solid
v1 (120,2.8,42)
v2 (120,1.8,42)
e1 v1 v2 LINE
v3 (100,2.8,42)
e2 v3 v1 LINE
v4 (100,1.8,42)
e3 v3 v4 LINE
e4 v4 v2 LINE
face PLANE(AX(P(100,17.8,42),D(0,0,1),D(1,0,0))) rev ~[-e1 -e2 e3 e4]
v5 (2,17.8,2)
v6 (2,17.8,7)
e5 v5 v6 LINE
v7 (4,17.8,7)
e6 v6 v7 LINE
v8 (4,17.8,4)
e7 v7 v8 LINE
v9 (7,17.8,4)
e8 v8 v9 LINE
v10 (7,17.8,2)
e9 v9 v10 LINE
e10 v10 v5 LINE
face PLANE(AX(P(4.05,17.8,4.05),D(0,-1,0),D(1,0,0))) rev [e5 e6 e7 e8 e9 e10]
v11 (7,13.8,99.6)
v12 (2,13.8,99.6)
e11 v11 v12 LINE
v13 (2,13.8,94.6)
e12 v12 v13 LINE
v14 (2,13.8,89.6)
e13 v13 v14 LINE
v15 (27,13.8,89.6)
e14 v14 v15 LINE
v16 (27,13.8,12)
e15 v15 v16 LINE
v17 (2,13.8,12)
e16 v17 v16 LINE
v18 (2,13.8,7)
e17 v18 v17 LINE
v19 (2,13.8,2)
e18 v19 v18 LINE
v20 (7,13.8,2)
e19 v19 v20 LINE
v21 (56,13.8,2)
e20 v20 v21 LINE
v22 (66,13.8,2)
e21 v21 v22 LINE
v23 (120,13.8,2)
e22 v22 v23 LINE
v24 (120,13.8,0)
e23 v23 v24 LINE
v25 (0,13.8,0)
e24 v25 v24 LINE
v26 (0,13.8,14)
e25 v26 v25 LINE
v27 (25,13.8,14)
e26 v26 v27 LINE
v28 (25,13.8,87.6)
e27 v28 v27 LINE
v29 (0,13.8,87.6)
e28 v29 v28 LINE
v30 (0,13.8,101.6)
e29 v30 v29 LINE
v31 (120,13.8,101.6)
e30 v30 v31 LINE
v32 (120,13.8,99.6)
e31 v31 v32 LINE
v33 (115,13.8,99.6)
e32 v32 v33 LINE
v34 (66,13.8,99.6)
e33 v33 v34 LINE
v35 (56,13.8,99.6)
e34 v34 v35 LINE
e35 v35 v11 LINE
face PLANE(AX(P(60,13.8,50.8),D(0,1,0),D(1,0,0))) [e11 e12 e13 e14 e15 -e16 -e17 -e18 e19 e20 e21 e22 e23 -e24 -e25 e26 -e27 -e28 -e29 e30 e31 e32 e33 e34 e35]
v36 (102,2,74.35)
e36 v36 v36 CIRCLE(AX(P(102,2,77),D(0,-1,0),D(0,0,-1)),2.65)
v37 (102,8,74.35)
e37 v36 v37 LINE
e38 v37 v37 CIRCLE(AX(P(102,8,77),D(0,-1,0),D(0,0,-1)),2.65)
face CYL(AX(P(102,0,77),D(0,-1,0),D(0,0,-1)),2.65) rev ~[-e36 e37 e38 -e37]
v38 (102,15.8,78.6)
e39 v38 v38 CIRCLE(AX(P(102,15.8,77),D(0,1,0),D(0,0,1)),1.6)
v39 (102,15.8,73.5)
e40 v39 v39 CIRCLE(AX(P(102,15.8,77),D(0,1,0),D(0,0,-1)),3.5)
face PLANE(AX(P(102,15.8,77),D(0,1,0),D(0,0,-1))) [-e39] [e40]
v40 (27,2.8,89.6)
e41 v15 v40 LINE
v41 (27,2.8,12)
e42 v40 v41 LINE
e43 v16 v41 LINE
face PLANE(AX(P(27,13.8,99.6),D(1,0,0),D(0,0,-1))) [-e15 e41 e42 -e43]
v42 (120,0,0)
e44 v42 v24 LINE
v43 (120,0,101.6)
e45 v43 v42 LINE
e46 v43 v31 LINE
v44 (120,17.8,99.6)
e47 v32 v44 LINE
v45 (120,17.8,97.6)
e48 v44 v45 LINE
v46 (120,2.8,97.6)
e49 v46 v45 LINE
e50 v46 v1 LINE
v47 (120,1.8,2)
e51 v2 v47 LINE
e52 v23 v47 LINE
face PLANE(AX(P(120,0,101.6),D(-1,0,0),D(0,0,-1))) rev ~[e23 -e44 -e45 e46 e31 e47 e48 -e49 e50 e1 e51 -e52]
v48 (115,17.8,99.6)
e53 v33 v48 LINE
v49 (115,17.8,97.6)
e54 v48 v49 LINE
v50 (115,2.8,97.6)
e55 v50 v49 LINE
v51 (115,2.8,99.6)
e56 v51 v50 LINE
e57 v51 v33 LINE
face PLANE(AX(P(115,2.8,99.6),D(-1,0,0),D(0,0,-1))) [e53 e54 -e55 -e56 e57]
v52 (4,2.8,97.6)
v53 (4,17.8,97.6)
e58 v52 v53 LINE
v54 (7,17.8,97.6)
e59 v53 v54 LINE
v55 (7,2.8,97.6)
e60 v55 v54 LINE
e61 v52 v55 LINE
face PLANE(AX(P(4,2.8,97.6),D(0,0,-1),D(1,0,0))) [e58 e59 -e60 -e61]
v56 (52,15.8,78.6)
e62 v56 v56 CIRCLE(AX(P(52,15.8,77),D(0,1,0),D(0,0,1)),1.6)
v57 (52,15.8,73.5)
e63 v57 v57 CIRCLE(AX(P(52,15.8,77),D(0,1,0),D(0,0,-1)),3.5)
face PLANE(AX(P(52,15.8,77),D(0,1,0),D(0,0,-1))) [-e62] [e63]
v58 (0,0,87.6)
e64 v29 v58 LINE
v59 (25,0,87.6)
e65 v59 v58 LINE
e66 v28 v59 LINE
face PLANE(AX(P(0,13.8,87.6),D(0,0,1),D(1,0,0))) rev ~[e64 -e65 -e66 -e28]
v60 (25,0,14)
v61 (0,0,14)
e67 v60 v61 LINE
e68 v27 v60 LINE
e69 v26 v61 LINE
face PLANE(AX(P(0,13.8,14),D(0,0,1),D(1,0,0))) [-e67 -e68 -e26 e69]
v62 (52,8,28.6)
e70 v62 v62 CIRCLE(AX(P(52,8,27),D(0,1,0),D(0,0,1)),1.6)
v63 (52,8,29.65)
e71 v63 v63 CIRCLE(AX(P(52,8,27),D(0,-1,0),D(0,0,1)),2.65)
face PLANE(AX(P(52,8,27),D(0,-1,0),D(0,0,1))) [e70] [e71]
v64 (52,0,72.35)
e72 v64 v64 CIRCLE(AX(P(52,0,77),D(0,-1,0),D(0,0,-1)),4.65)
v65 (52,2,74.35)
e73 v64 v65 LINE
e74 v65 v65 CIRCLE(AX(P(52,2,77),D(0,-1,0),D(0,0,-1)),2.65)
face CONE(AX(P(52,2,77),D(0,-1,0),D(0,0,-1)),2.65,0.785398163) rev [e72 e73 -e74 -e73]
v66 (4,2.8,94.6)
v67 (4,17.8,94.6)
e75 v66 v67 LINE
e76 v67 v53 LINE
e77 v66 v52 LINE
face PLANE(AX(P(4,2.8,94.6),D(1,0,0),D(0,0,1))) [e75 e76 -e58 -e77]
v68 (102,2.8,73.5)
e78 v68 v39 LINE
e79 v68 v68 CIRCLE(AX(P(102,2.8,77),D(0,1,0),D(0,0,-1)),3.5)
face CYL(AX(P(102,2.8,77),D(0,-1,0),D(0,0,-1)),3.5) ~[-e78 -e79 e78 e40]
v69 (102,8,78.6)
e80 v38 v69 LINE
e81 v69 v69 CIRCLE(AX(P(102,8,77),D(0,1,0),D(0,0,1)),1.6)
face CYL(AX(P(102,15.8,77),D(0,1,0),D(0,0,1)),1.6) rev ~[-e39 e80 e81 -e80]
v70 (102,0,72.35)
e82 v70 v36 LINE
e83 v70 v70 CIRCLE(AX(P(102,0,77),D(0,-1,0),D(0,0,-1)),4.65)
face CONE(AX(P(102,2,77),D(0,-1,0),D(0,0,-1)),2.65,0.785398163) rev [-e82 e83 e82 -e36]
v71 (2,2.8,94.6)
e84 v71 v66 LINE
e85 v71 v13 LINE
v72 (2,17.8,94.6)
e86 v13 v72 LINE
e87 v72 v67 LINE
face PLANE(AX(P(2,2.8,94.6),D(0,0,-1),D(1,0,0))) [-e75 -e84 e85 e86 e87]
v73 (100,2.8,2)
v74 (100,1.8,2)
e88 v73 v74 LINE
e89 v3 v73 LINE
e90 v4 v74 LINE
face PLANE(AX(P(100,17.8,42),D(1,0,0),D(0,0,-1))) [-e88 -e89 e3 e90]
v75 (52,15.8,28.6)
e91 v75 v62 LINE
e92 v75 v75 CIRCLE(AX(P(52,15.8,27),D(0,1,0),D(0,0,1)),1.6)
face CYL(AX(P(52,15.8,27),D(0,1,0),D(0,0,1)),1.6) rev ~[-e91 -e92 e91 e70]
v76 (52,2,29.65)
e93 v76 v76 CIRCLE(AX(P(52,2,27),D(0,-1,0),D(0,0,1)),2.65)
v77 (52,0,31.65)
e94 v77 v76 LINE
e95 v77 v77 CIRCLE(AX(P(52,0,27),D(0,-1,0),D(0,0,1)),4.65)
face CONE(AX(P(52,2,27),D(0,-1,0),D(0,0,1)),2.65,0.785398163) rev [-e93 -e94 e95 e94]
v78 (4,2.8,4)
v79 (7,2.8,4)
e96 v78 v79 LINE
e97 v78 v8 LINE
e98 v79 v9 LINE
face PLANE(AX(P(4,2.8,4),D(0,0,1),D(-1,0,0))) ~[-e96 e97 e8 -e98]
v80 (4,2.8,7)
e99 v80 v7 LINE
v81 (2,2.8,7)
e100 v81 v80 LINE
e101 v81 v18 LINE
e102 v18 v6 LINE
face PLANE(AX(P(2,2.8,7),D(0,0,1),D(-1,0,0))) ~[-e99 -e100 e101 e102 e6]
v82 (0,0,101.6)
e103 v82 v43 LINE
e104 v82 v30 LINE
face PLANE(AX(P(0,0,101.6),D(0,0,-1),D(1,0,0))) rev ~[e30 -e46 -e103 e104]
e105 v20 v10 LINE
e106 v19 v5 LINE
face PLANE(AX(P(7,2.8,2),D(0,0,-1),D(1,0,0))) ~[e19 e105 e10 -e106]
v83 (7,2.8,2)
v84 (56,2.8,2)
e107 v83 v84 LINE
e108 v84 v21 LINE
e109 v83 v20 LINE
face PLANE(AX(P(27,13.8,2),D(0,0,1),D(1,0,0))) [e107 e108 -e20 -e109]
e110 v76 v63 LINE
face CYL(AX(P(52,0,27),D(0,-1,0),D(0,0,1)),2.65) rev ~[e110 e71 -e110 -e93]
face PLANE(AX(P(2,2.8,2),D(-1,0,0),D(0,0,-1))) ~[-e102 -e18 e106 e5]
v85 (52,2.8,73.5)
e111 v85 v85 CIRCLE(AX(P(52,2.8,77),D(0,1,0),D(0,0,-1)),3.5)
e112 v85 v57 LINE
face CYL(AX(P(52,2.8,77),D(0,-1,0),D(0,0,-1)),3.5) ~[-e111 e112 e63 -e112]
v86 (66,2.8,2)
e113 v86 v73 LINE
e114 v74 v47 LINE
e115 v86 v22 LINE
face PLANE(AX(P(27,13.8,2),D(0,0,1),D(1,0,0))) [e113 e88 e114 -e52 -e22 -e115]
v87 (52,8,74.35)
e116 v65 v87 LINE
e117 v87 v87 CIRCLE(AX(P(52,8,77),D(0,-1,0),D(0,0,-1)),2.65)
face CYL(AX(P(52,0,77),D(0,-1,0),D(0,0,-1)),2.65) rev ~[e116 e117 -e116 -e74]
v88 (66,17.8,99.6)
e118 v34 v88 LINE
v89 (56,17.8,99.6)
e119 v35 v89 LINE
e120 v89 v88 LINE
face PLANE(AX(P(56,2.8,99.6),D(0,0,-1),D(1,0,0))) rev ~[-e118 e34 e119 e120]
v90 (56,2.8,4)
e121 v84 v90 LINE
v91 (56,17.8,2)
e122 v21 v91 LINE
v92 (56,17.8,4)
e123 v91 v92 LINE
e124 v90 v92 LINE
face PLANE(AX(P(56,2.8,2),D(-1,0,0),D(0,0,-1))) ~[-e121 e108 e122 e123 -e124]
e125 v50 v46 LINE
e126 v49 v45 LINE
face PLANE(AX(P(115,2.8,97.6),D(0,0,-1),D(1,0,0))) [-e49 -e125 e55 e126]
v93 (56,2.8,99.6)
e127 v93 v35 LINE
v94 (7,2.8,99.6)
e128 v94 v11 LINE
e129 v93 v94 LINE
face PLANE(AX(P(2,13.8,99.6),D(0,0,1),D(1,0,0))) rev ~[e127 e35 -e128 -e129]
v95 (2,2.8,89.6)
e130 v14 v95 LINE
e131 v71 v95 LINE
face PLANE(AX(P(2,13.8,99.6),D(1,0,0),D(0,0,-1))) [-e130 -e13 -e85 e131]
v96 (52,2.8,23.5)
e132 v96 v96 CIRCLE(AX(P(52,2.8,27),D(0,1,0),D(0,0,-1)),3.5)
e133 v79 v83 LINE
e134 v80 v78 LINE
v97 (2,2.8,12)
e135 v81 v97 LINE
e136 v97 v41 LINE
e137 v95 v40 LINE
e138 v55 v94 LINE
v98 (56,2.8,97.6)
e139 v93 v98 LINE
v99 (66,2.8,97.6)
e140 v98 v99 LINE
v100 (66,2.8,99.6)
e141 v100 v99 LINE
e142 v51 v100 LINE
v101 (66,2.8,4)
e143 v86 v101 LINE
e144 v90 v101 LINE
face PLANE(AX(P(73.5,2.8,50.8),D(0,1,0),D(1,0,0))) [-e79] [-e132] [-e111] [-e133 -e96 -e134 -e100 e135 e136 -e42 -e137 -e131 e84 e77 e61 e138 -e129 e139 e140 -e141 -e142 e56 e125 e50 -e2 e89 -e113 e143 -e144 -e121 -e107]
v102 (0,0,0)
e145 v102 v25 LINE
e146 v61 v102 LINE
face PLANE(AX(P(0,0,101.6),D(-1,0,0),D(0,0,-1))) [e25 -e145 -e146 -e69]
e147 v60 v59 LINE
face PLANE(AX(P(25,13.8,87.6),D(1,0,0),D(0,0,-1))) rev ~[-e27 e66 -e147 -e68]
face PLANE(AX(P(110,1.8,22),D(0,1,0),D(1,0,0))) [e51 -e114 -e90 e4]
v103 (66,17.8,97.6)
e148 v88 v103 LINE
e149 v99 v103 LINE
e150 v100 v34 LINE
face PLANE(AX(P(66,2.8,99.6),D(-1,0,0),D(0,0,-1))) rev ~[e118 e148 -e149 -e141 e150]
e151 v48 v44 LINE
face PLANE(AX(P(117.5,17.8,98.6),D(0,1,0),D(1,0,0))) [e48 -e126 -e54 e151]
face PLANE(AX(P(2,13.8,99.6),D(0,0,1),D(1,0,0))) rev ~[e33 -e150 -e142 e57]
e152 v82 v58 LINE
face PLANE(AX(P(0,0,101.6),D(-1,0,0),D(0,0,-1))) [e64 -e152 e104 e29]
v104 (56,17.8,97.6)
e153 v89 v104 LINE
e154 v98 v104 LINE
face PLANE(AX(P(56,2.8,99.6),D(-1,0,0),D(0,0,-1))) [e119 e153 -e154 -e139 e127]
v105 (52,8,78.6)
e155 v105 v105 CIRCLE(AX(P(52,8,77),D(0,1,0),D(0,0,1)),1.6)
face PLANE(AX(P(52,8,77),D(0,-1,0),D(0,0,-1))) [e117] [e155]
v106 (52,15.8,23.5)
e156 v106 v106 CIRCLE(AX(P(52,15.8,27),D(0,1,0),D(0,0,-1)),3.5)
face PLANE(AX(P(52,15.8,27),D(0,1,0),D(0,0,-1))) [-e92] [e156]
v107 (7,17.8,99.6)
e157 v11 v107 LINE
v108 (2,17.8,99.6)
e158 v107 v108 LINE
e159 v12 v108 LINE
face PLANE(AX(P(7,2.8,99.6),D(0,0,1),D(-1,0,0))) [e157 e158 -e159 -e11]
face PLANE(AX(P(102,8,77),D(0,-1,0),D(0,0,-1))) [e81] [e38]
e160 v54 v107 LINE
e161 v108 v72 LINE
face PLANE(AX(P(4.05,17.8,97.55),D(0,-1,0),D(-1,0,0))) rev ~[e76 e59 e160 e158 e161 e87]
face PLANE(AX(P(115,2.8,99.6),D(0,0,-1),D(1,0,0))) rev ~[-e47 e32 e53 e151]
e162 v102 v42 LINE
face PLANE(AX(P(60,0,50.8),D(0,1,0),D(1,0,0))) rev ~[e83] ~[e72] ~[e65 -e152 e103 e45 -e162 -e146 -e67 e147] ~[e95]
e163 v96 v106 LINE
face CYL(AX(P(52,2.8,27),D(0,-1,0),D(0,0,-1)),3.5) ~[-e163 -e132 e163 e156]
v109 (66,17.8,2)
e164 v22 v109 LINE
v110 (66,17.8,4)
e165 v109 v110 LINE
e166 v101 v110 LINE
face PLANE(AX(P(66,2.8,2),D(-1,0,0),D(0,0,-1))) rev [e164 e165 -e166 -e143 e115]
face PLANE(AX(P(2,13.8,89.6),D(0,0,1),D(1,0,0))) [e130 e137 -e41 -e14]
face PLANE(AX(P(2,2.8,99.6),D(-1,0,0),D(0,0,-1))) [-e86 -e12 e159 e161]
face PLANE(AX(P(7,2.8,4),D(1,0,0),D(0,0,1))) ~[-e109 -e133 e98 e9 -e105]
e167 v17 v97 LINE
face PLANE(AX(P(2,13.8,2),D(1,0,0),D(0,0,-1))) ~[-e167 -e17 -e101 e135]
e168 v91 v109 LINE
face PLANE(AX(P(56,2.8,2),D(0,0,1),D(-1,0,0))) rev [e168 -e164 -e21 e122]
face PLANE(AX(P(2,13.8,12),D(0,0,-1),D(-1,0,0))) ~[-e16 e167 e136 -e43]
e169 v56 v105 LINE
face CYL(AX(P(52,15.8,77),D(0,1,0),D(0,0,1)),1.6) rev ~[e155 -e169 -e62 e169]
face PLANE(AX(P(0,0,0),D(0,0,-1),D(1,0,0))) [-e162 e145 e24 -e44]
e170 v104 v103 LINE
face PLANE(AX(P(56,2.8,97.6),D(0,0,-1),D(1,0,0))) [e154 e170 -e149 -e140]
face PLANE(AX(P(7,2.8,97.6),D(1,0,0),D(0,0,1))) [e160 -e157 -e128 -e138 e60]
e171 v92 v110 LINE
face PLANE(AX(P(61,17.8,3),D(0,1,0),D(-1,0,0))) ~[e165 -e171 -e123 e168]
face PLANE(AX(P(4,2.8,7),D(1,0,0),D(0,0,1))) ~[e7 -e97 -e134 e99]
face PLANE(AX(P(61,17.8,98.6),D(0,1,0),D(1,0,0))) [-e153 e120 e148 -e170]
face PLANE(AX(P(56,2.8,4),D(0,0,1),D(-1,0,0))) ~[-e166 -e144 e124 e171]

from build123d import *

# Parameters (mm, degrees)
SKETCH_1_W           = 120
SKETCH_1_H           = 101.6
EXTRUDE_1_DEPTH      = 13.8
CUT_EXTRUDE_1_REACH  = 159.839
SKETCH_2_W           = 25
SKETCH_2_H           = 73.6
SKETCH_4_W           = 93
SKETCH_4_H           = 97.6
CUT_EXTRUDE_2_DEPTH  = 11
SKETCH_6_W           = 25
SKETCH_6_H           = 10
CUT_EXTRUDE_3_DEPTH  = 11
SKETCH_7_W           = 5
SKETCH_7_H           = 2
SKETCH_7_W_2         = 10
EXTRUDE_2_DEPTH      = 15
SKETCH_14_W          = 20
SKETCH_14_H          = 40
CUT_EXTRUDE_9_DEPTH  = 16
SKETCH_15_R          = 3.5
EXTRUDE_3_DEPTH      = 13
CUT_EXTRUDE_10_REACH = 160.026
SKETCH_16_R          = 1.6
SKETCH_17_R          = 2.65
CUT_EXTRUDE_11_DEPTH = 8
CHAMFER_1_SIZE       = 2


with BuildPart() as part:
    # 草图1 → 凸台-拉伸1 (new body)
    with BuildSketch(Plane(origin=(0, 0, 0), x_dir=(1, 0, 0), z_dir=(0, 1, 0))):
        with Locations((60, -50.8)):
            Rectangle(SKETCH_1_W, SKETCH_1_H)
    extrude(amount=EXTRUDE_1_DEPTH)

    # 草图2 → 切除-拉伸1 (cut, up to next)
    with BuildSketch(Plane(origin=(0, 13.8, 0), x_dir=(1, 0, 0), z_dir=(0, 1, 0)), mode=Mode.PRIVATE) as cut_extrude_1_sk1:
        with Locations((12.5, -50.8)):
            Rectangle(SKETCH_2_W, SKETCH_2_H)
    cut_extrude_1_tool1 = extrude(cut_extrude_1_sk1.sketch, amount=-CUT_EXTRUDE_1_REACH, mode=Mode.PRIVATE) & part.part
    add(cut_extrude_1_tool1.solids().sort_by_distance((12.5, 13.8, 50.8))[0], mode=Mode.SUBTRACT)

    # 草图4 → 切除-拉伸2 (cut)
    with BuildSketch(Plane(origin=(0, 13.8, 0), x_dir=(1, 0, 0), z_dir=(0, 1, 0))):
        with Locations((73.5, -50.8)):
            Rectangle(SKETCH_4_W, SKETCH_4_H)
    extrude(amount=-CUT_EXTRUDE_2_DEPTH, mode=Mode.SUBTRACT)

    # 草图6 → 切除-拉伸3 (cut)
    with BuildSketch(Plane(origin=(0, 13.8, 0), x_dir=(1, 0, 0), z_dir=(0, 1, 0))):
        with Locations((14.5, -94.6)):
            Rectangle(SKETCH_6_W, SKETCH_6_H)
    cut_extrude_3 = extrude(amount=-CUT_EXTRUDE_3_DEPTH, mode=Mode.SUBTRACT)

    # 镜向1: 切除-拉伸3 across plane
    add(cut_extrude_3.mirror(Plane(origin=(0, 0, 50.8), x_dir=(1, 0, 0), z_dir=(0, 0, -1))), mode=Mode.SUBTRACT)

    # 草图7 → 凸台-拉伸2 (add)
    with BuildSketch(Plane(origin=(0, 2.8, 0), x_dir=(1, 0, 0), z_dir=(0, 1, 0))):
        Polygon((2, -94.6), (4, -94.6), (4, -97.6), (7, -97.6), (7, -99.6), (2, -99.6), align=None)
        with Locations((117.5, -98.6)):
            Rectangle(SKETCH_7_W, SKETCH_7_H)
        with Locations((61, -98.6)):
            Rectangle(SKETCH_7_W_2, SKETCH_7_H)
    extrude_2 = extrude(amount=EXTRUDE_2_DEPTH)

    # 镜向2: 凸台-拉伸2 across plane
    add(extrude_2.mirror(Plane(origin=(0, 0, 50.8), x_dir=(1, 0, 0), z_dir=(0, 0, -1))))

    # 草图14 → 切除-拉伸9 (cut)
    with BuildSketch(Plane(origin=(0, 17.8, 0), x_dir=(1, 0, 0), z_dir=(0, 1, 0))):
        with Locations((110, -22)):
            Rectangle(SKETCH_14_W, SKETCH_14_H)
    extrude(amount=-CUT_EXTRUDE_9_DEPTH, mode=Mode.SUBTRACT)

    # 草图15 → 凸台-拉伸3 (add)
    with BuildSketch(Plane(origin=(0, 2.8, 0), x_dir=(1, 0, 0), z_dir=(0, 1, 0))):
        with Locations(Location((52, -27, 0), (0, 0, 90))):
            Circle(SKETCH_15_R)
        with Locations(Location((52, -77, 0), (0, 0, 90))):
            Circle(SKETCH_15_R)
        with Locations(Location((102, -77, 0), (0, 0, 90))):
            Circle(SKETCH_15_R)
    extrude(amount=EXTRUDE_3_DEPTH)

    # 草图16 → 切除-拉伸10 (cut, up to next)
    with BuildSketch(Plane(origin=(0, 15.8, 0), x_dir=(1, 0, 0), z_dir=(0, 1, 0)), mode=Mode.PRIVATE) as cut_extrude_10_sk1:
        with Locations(Location((52, -27, 0), (0, 0, 270))):
            Circle(SKETCH_16_R)
    cut_extrude_10_tool1 = extrude(cut_extrude_10_sk1.sketch, amount=-CUT_EXTRUDE_10_REACH, mode=Mode.PRIVATE) & part.part
    # 草图16 → 切除-拉伸10 (cut, up to next)
    with BuildSketch(Plane(origin=(0, 15.8, 0), x_dir=(1, 0, 0), z_dir=(0, 1, 0)), mode=Mode.PRIVATE) as cut_extrude_10_sk2:
        with Locations(Location((52, -77, 0), (0, 0, 270))):
            Circle(SKETCH_16_R)
    cut_extrude_10_tool2 = extrude(cut_extrude_10_sk2.sketch, amount=-CUT_EXTRUDE_10_REACH, mode=Mode.PRIVATE) & part.part
    # 草图16 → 切除-拉伸10 (cut, up to next)
    with BuildSketch(Plane(origin=(0, 15.8, 0), x_dir=(1, 0, 0), z_dir=(0, 1, 0)), mode=Mode.PRIVATE) as cut_extrude_10_sk3:
        with Locations(Location((102, -77, 0), (0, 0, 270))):
            Circle(SKETCH_16_R)
    cut_extrude_10_tool3 = extrude(cut_extrude_10_sk3.sketch, amount=-CUT_EXTRUDE_10_REACH, mode=Mode.PRIVATE) & part.part
    add(cut_extrude_10_tool1.solids().sort_by_distance((52, 15.8, 27))[0], mode=Mode.SUBTRACT)
    add(cut_extrude_10_tool2.solids().sort_by_distance((52, 15.8, 77))[0], mode=Mode.SUBTRACT)
    add(cut_extrude_10_tool3.solids().sort_by_distance((102, 15.8, 77))[0], mode=Mode.SUBTRACT)

    # 草图17 → 切除-拉伸11 (cut)
    with BuildSketch(Plane.XZ):
        with Locations(Location((52, 77, 0), (0, 0, 270))):
            Circle(SKETCH_17_R)
        with Locations(Location((52, 27, 0), (0, 0, 90))):
            Circle(SKETCH_17_R)
        with Locations(Location((102, 77, 0), (0, 0, 270))):
            Circle(SKETCH_17_R)
    extrude(amount=-CUT_EXTRUDE_11_DEPTH, mode=Mode.SUBTRACT)

    # 倒角1
    chamfer_1_edges = [part.edges().sort_by_distance(p)[0] for p in [
        (102, 0, 79.65),
        (52, 0, 24.35),
        (52, 0, 79.65),
    ]]
    chamfer(chamfer_1_edges, length=CHAMFER_1_SIZE)


solid = part.part
